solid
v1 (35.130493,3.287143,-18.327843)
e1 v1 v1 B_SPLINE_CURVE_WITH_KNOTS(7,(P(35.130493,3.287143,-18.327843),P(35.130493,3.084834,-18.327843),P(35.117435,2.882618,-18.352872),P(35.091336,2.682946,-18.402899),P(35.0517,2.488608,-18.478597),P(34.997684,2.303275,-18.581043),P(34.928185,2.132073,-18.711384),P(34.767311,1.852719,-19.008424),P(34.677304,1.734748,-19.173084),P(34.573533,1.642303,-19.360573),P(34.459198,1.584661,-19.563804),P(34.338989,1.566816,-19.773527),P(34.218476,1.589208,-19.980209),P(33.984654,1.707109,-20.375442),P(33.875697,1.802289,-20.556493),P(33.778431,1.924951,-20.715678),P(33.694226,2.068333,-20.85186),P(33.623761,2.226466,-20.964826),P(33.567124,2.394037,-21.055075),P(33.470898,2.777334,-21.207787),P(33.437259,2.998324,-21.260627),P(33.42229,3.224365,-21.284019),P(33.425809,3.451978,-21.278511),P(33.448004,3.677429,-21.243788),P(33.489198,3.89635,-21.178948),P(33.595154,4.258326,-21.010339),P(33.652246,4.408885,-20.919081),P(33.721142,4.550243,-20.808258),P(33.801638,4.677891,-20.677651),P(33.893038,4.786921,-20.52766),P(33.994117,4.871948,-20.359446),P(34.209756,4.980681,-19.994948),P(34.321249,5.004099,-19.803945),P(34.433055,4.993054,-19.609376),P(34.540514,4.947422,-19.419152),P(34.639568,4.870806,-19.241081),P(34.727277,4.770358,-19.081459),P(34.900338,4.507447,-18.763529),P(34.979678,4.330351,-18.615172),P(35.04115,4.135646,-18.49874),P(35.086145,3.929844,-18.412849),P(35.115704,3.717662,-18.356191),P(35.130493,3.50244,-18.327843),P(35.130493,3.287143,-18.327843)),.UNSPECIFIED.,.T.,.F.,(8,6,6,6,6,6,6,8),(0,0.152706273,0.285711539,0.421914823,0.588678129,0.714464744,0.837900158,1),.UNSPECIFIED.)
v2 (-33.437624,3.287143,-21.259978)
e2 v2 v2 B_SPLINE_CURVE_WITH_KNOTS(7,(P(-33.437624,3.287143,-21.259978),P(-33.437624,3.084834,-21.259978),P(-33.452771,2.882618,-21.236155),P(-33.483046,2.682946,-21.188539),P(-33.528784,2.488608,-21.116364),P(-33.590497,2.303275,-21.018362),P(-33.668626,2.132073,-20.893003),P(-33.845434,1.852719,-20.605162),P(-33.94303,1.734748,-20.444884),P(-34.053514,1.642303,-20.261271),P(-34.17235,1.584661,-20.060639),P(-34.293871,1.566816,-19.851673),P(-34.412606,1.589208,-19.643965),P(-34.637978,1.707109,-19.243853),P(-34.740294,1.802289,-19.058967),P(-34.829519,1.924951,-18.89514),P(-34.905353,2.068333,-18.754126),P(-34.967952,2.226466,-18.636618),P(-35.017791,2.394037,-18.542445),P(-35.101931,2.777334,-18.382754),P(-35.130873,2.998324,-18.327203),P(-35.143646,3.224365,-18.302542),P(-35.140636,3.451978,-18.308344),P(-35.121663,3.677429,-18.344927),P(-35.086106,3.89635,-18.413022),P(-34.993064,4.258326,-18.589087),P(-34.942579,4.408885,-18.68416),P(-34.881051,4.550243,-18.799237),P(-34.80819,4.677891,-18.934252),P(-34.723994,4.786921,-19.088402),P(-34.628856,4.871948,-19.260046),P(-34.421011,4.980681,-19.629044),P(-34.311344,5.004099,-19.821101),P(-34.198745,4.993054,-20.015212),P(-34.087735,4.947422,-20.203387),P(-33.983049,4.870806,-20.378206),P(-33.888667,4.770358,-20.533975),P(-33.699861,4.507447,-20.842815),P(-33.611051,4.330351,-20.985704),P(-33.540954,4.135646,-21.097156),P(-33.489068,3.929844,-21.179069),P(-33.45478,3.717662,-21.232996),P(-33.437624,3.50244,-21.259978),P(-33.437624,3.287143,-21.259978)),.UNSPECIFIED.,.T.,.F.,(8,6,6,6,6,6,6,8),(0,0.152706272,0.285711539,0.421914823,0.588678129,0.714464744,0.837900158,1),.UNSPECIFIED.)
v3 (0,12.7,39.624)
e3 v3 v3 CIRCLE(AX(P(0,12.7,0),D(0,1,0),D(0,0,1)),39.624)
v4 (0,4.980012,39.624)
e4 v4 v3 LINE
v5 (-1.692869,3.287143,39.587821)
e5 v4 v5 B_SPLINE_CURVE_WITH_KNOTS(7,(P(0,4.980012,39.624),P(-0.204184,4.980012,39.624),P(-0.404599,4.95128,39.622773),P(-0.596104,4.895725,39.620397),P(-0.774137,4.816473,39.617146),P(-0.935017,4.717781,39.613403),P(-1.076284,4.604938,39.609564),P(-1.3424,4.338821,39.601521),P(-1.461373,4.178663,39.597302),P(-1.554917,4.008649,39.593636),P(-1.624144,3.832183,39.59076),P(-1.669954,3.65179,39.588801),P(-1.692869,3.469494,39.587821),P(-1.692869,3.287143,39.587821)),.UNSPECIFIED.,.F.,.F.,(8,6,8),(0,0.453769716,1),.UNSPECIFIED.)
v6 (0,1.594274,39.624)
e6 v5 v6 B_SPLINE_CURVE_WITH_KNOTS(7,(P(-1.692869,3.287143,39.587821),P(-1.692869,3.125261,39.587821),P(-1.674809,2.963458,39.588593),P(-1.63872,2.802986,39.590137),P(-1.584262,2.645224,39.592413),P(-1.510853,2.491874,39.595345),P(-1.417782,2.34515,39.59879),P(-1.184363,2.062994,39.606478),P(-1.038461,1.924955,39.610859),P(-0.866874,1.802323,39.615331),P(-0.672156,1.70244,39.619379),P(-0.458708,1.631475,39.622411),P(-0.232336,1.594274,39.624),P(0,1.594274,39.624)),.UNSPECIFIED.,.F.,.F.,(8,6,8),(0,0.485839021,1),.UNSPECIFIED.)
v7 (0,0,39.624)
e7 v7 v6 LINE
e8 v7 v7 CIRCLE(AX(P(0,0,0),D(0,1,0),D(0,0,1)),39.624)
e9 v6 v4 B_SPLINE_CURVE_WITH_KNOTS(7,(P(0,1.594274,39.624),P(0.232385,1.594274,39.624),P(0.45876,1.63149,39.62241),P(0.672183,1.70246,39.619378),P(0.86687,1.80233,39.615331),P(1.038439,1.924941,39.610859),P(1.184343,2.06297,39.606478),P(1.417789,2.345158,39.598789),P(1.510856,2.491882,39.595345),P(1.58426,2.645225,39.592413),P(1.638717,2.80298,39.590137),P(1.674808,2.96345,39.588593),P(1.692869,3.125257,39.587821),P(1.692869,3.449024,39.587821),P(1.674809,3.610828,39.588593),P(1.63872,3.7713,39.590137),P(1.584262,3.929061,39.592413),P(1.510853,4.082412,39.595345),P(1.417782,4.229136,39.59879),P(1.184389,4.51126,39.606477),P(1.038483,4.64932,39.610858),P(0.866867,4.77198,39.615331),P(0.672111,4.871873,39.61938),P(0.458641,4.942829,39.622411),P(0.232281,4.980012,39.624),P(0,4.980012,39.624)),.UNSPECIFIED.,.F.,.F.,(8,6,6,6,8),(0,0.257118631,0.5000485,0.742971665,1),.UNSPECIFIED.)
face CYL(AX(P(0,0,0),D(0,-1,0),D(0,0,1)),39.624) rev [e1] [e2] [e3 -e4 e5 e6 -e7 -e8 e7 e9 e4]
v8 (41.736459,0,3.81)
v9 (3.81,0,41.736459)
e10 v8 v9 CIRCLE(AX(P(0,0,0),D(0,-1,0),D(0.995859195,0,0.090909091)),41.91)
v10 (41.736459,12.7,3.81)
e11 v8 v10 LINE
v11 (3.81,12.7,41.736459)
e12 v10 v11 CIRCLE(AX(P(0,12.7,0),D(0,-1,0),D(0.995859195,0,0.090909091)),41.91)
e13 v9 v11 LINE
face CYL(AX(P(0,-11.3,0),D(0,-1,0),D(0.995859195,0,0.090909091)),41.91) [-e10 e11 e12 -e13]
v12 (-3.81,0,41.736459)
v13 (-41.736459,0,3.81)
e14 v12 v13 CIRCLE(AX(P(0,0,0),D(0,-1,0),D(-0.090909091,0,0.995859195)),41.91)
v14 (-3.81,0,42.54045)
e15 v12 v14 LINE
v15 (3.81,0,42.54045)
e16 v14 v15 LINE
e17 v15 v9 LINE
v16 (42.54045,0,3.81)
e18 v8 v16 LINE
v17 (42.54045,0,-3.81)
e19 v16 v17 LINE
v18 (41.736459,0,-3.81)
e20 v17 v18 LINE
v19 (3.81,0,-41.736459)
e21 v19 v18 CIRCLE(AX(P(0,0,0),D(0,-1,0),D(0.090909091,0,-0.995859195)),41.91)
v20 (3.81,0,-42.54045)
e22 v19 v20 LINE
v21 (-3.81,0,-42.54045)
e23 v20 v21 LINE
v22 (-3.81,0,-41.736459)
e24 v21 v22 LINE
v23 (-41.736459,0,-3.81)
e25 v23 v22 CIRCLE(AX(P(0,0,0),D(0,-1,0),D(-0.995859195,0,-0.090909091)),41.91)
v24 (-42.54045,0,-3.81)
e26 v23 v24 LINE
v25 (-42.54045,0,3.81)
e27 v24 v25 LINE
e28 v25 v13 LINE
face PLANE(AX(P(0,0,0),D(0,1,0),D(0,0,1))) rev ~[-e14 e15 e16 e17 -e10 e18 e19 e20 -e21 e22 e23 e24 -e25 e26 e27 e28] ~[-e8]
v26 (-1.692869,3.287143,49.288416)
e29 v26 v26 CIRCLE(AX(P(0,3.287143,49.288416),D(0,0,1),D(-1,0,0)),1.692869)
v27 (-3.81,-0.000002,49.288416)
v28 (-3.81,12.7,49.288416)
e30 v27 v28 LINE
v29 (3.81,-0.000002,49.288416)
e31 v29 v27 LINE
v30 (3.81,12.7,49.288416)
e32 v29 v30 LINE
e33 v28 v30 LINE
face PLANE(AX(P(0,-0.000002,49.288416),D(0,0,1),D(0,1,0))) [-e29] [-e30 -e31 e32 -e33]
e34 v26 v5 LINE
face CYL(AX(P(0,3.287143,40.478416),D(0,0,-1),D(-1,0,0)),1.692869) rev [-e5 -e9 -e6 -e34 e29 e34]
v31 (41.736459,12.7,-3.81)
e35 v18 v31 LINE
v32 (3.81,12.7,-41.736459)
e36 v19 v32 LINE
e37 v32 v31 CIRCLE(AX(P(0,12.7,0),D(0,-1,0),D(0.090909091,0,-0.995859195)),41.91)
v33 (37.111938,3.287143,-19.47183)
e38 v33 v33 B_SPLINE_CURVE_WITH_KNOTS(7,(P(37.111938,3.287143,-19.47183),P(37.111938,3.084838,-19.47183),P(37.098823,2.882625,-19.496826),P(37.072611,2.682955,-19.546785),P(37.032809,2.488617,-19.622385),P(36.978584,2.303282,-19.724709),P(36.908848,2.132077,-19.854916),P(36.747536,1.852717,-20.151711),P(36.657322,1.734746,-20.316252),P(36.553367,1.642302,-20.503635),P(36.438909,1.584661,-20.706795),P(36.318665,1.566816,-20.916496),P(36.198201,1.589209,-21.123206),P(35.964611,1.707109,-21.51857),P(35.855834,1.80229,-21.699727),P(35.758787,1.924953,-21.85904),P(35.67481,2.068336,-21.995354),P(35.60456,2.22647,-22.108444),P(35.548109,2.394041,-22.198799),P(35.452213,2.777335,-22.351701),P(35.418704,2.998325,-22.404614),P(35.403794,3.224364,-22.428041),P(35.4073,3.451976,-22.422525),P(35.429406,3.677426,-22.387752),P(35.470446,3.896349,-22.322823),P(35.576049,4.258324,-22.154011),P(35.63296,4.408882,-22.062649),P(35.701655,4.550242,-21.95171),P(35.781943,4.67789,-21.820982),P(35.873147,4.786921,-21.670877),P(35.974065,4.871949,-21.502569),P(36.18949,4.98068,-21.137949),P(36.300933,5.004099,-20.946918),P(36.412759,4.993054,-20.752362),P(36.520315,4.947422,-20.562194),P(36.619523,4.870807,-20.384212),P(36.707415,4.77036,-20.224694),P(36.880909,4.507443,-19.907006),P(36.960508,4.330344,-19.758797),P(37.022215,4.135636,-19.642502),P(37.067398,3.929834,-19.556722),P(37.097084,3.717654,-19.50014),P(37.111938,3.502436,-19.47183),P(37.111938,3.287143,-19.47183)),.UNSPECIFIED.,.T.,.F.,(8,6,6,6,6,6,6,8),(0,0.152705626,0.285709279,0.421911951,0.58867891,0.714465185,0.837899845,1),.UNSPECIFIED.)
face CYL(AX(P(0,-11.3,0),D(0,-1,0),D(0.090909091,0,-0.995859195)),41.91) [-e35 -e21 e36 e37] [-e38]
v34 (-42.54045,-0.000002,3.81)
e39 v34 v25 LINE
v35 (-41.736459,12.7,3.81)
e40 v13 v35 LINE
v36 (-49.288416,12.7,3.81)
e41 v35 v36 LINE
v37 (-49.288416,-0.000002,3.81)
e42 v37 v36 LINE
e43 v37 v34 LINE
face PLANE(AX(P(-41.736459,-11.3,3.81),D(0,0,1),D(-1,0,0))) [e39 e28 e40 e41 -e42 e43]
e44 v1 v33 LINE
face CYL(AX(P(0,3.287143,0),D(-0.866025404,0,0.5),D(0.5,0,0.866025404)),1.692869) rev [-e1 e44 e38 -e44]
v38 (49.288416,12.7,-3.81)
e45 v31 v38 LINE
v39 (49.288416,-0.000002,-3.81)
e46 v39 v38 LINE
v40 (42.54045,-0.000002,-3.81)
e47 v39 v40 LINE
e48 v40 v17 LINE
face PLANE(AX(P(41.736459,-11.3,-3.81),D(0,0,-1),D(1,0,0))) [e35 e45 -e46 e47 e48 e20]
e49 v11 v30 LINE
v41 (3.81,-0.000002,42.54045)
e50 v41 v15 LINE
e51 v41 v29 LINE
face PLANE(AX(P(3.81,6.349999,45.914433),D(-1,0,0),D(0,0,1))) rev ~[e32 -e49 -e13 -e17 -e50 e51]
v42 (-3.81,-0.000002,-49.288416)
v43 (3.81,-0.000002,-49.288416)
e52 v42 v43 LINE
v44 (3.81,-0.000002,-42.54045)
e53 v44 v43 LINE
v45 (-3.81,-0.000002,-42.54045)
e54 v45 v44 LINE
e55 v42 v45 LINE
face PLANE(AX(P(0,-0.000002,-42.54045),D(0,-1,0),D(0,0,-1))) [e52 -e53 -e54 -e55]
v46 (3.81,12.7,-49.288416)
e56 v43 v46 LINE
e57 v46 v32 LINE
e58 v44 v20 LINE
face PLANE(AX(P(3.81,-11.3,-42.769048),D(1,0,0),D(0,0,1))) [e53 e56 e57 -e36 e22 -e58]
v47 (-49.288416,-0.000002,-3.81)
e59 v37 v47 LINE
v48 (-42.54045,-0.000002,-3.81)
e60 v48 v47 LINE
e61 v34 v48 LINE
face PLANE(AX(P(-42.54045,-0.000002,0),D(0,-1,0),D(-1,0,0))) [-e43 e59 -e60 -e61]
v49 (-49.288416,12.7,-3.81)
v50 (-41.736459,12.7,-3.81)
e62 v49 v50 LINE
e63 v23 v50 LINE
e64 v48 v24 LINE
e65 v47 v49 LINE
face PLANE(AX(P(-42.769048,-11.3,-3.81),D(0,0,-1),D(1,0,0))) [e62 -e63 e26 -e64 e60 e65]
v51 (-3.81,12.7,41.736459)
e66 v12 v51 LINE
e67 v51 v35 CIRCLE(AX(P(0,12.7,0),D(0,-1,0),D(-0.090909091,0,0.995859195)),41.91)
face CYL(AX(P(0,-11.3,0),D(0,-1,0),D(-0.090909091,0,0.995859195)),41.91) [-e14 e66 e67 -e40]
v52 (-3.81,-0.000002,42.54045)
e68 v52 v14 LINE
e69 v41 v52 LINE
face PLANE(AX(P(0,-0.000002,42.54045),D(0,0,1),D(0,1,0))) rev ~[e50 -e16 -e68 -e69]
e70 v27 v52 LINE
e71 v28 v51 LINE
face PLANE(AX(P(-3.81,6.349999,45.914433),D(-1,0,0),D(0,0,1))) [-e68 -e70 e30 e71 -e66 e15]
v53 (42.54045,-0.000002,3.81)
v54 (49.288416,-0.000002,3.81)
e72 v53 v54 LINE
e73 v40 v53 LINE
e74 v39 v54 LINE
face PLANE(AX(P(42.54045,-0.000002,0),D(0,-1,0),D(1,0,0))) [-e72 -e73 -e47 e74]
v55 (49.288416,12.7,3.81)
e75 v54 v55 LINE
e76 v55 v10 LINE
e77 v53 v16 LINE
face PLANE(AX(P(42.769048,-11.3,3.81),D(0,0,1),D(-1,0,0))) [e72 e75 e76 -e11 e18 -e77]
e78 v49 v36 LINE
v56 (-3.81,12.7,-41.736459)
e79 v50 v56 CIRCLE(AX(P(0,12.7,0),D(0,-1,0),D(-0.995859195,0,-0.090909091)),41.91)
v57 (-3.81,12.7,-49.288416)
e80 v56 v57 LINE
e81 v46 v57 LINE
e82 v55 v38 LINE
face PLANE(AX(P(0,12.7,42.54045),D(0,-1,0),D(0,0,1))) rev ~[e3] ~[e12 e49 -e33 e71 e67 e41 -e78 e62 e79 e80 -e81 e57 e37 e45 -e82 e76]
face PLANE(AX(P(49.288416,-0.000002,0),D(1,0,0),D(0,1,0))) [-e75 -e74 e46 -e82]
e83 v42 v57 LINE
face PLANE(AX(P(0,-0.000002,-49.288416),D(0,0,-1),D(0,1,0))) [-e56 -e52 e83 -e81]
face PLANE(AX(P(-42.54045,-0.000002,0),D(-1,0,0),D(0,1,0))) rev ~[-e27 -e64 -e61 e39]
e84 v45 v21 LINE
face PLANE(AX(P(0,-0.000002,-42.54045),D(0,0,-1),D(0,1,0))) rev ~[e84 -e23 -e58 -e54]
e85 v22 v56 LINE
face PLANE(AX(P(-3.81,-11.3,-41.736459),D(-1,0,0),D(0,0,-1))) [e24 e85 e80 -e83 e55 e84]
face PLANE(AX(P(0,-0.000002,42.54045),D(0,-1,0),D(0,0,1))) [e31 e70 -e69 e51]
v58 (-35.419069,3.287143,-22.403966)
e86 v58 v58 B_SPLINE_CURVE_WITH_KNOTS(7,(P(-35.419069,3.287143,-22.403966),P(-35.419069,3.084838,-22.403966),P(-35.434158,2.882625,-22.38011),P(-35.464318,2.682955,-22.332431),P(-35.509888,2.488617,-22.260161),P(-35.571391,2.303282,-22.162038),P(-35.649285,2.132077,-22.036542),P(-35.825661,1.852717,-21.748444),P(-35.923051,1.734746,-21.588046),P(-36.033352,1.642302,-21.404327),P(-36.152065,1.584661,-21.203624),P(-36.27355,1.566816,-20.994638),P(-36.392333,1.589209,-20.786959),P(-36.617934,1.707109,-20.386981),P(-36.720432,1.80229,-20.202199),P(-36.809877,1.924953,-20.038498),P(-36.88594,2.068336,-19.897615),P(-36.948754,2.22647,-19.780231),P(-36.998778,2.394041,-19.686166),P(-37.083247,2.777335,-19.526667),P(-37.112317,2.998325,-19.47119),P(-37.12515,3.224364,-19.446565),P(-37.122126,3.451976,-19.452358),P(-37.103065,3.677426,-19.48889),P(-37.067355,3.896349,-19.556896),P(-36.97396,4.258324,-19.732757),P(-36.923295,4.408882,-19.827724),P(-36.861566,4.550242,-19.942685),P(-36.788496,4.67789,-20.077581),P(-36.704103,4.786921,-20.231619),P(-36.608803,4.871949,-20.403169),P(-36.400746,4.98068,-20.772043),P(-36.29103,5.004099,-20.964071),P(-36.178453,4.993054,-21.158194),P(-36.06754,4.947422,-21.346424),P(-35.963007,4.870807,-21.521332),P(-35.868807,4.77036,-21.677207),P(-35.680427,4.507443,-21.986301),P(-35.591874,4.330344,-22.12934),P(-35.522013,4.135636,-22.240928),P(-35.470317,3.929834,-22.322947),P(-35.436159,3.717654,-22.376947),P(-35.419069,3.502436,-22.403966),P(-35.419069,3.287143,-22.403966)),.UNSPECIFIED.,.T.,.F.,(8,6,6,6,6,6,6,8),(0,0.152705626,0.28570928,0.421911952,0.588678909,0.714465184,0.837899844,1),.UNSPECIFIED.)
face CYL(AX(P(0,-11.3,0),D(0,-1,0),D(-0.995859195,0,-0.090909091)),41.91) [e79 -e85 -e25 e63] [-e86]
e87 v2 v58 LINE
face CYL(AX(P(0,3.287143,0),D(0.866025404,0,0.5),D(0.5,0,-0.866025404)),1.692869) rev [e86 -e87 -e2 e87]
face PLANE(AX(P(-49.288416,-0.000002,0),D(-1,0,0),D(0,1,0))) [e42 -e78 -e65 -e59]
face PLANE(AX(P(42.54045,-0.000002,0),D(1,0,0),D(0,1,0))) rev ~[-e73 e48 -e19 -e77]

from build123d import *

# Parameters (mm, degrees)
SKETCH1_R           = 42.9384162
SKETCH1_R_2         = 39.624
BOSS_EXTRUDE1_DEPTH = 12.7
SKETCH4_R           = 1.692869147
CUT_EXTRUDE1_DEPTH  = 72.35
CIRPATTERN7_COUNT   = 3
SKETCH6_W           = 6.747965948
SKETCH6_H           = 12.700002404
BOSS_EXTRUDE2_DEPTH = 3.81
CIRPATTERN8_COUNT   = 4
CUT_EXTRUDE2_START  = -8.81
SKETCH7_R           = 1.692869147
CUT_EXTRUDE2_DEPTH  = 8.81
CUT_EXTRUDE3_START  = -24
CUT_EXTRUDE3_DEPTH  = 24


with BuildPart() as part:
    # Sketch1 → Boss-Extrude1 (new body)
    with BuildSketch(Plane(origin=(0, 0, 0), x_dir=(1, 0, 0), z_dir=(0, 1, 0))):
        with Locations(Location((0, 0, 0), (0, 0, 270))):
            Circle(SKETCH1_R)
        with Locations(Location((0, 0, 0), (0, 0, 270))):
            Circle(SKETCH1_R_2, mode=Mode.SUBTRACT)
    extrude(amount=BOSS_EXTRUDE1_DEPTH)

    # Sketch4 → Cut-Extrude1 (cut)
    with BuildSketch(Plane.XY):
        with Locations(Location((0, 3.287142885, 0), (0, 0, 180))):
            Circle(SKETCH4_R)
    cut_extrude1 = extrude(amount=CUT_EXTRUDE1_DEPTH, mode=Mode.SUBTRACT)

    # CirPattern7: Cut-Extrude1 ×3 about axis
    cirpattern7_axis = Axis((0, 0, 0), (0, -1, 0))
    for i in range(1, CIRPATTERN7_COUNT):
        add(cut_extrude1.rotate(cirpattern7_axis, i * 360 / CIRPATTERN7_COUNT), mode=Mode.SUBTRACT)

    # Sketch6 → Boss-Extrude2 (add, symmetric)
    with BuildSketch(Plane.XY):
        with Locations((45.914433226, 6.349998798)):
            Rectangle(SKETCH6_W, SKETCH6_H)
    boss_extrude2 = extrude(amount=BOSS_EXTRUDE2_DEPTH, both=True)

    # CirPattern8: Boss-Extrude2 ×4 about axis
    cirpattern8_axis = Axis((0, 0, 0), (0, 1, 0))
    for i in range(1, CIRPATTERN8_COUNT):
        add(boss_extrude2.rotate(cirpattern8_axis, i * 360 / CIRPATTERN8_COUNT))

    # Sketch7 → Cut-Extrude2 (cut)
    with BuildSketch(Plane.XY.offset(49.2884162).offset(CUT_EXTRUDE2_START)):
        with Locations(Location((0, 3.287142885, 0), (0, 0, 180))):
            Circle(SKETCH7_R)
    extrude(amount=CUT_EXTRUDE2_DEPTH, mode=Mode.SUBTRACT)

    # Sketch8 → Cut-Extrude3 (cut)
    with BuildSketch(Plane(origin=(0, 12.7, 0), x_dir=(1, 0, 0), z_dir=(0, 1, 0)).offset(CUT_EXTRUDE3_START)):
        with BuildLine():
            Line((-41.736458882, -3.81), (-42.769048222, -3.81))
            ThreePointArc((-42.769048222, -3.81), (-30.362045269, -30.362045269), (-3.81, -42.769048222))
            Line((-3.81, -42.769048222), (-3.81, -41.736458882))
            ThreePointArc((-3.81, -41.736458882), (-29.6348452, -29.6348452), (-41.736458882, -3.81))
        make_face()
        with BuildLine():
            Line((3.81, -41.736458882), (3.81, -42.769048222))
            ThreePointArc((3.81, -42.769048222), (30.362045269, -30.362045269), (42.769048222, -3.81))
            Line((42.769048222, -3.81), (41.736458882, -3.81))
            ThreePointArc((41.736458882, -3.81), (29.6348452, -29.6348452), (3.81, -41.736458882))
        make_face()
        with BuildLine():
            ThreePointArc((42.769048222, 3.81), (30.362045269, 30.362045269), (3.81, 42.769048222))
            Line((3.81, 42.769048222), (3.81, 41.736458882))
            ThreePointArc((3.81, 41.736458882), (29.6348452, 29.6348452), (41.736458882, 3.81))
            Line((41.736458882, 3.81), (42.769048222, 3.81))
        make_face()
        with BuildLine():
            ThreePointArc((-3.81, 42.769048222), (-30.362045269, 30.362045269), (-42.769048222, 3.81))
            Line((-42.769048222, 3.81), (-41.736458882, 3.81))
            ThreePointArc((-41.736458882, 3.81), (-29.6348452, 29.6348452), (-3.81, 41.736458882))
            Line((-3.81, 41.736458882), (-3.81, 42.769048222))
        make_face()
    extrude(amount=CUT_EXTRUDE3_DEPTH, mode=Mode.SUBTRACT)


solid = part.part
